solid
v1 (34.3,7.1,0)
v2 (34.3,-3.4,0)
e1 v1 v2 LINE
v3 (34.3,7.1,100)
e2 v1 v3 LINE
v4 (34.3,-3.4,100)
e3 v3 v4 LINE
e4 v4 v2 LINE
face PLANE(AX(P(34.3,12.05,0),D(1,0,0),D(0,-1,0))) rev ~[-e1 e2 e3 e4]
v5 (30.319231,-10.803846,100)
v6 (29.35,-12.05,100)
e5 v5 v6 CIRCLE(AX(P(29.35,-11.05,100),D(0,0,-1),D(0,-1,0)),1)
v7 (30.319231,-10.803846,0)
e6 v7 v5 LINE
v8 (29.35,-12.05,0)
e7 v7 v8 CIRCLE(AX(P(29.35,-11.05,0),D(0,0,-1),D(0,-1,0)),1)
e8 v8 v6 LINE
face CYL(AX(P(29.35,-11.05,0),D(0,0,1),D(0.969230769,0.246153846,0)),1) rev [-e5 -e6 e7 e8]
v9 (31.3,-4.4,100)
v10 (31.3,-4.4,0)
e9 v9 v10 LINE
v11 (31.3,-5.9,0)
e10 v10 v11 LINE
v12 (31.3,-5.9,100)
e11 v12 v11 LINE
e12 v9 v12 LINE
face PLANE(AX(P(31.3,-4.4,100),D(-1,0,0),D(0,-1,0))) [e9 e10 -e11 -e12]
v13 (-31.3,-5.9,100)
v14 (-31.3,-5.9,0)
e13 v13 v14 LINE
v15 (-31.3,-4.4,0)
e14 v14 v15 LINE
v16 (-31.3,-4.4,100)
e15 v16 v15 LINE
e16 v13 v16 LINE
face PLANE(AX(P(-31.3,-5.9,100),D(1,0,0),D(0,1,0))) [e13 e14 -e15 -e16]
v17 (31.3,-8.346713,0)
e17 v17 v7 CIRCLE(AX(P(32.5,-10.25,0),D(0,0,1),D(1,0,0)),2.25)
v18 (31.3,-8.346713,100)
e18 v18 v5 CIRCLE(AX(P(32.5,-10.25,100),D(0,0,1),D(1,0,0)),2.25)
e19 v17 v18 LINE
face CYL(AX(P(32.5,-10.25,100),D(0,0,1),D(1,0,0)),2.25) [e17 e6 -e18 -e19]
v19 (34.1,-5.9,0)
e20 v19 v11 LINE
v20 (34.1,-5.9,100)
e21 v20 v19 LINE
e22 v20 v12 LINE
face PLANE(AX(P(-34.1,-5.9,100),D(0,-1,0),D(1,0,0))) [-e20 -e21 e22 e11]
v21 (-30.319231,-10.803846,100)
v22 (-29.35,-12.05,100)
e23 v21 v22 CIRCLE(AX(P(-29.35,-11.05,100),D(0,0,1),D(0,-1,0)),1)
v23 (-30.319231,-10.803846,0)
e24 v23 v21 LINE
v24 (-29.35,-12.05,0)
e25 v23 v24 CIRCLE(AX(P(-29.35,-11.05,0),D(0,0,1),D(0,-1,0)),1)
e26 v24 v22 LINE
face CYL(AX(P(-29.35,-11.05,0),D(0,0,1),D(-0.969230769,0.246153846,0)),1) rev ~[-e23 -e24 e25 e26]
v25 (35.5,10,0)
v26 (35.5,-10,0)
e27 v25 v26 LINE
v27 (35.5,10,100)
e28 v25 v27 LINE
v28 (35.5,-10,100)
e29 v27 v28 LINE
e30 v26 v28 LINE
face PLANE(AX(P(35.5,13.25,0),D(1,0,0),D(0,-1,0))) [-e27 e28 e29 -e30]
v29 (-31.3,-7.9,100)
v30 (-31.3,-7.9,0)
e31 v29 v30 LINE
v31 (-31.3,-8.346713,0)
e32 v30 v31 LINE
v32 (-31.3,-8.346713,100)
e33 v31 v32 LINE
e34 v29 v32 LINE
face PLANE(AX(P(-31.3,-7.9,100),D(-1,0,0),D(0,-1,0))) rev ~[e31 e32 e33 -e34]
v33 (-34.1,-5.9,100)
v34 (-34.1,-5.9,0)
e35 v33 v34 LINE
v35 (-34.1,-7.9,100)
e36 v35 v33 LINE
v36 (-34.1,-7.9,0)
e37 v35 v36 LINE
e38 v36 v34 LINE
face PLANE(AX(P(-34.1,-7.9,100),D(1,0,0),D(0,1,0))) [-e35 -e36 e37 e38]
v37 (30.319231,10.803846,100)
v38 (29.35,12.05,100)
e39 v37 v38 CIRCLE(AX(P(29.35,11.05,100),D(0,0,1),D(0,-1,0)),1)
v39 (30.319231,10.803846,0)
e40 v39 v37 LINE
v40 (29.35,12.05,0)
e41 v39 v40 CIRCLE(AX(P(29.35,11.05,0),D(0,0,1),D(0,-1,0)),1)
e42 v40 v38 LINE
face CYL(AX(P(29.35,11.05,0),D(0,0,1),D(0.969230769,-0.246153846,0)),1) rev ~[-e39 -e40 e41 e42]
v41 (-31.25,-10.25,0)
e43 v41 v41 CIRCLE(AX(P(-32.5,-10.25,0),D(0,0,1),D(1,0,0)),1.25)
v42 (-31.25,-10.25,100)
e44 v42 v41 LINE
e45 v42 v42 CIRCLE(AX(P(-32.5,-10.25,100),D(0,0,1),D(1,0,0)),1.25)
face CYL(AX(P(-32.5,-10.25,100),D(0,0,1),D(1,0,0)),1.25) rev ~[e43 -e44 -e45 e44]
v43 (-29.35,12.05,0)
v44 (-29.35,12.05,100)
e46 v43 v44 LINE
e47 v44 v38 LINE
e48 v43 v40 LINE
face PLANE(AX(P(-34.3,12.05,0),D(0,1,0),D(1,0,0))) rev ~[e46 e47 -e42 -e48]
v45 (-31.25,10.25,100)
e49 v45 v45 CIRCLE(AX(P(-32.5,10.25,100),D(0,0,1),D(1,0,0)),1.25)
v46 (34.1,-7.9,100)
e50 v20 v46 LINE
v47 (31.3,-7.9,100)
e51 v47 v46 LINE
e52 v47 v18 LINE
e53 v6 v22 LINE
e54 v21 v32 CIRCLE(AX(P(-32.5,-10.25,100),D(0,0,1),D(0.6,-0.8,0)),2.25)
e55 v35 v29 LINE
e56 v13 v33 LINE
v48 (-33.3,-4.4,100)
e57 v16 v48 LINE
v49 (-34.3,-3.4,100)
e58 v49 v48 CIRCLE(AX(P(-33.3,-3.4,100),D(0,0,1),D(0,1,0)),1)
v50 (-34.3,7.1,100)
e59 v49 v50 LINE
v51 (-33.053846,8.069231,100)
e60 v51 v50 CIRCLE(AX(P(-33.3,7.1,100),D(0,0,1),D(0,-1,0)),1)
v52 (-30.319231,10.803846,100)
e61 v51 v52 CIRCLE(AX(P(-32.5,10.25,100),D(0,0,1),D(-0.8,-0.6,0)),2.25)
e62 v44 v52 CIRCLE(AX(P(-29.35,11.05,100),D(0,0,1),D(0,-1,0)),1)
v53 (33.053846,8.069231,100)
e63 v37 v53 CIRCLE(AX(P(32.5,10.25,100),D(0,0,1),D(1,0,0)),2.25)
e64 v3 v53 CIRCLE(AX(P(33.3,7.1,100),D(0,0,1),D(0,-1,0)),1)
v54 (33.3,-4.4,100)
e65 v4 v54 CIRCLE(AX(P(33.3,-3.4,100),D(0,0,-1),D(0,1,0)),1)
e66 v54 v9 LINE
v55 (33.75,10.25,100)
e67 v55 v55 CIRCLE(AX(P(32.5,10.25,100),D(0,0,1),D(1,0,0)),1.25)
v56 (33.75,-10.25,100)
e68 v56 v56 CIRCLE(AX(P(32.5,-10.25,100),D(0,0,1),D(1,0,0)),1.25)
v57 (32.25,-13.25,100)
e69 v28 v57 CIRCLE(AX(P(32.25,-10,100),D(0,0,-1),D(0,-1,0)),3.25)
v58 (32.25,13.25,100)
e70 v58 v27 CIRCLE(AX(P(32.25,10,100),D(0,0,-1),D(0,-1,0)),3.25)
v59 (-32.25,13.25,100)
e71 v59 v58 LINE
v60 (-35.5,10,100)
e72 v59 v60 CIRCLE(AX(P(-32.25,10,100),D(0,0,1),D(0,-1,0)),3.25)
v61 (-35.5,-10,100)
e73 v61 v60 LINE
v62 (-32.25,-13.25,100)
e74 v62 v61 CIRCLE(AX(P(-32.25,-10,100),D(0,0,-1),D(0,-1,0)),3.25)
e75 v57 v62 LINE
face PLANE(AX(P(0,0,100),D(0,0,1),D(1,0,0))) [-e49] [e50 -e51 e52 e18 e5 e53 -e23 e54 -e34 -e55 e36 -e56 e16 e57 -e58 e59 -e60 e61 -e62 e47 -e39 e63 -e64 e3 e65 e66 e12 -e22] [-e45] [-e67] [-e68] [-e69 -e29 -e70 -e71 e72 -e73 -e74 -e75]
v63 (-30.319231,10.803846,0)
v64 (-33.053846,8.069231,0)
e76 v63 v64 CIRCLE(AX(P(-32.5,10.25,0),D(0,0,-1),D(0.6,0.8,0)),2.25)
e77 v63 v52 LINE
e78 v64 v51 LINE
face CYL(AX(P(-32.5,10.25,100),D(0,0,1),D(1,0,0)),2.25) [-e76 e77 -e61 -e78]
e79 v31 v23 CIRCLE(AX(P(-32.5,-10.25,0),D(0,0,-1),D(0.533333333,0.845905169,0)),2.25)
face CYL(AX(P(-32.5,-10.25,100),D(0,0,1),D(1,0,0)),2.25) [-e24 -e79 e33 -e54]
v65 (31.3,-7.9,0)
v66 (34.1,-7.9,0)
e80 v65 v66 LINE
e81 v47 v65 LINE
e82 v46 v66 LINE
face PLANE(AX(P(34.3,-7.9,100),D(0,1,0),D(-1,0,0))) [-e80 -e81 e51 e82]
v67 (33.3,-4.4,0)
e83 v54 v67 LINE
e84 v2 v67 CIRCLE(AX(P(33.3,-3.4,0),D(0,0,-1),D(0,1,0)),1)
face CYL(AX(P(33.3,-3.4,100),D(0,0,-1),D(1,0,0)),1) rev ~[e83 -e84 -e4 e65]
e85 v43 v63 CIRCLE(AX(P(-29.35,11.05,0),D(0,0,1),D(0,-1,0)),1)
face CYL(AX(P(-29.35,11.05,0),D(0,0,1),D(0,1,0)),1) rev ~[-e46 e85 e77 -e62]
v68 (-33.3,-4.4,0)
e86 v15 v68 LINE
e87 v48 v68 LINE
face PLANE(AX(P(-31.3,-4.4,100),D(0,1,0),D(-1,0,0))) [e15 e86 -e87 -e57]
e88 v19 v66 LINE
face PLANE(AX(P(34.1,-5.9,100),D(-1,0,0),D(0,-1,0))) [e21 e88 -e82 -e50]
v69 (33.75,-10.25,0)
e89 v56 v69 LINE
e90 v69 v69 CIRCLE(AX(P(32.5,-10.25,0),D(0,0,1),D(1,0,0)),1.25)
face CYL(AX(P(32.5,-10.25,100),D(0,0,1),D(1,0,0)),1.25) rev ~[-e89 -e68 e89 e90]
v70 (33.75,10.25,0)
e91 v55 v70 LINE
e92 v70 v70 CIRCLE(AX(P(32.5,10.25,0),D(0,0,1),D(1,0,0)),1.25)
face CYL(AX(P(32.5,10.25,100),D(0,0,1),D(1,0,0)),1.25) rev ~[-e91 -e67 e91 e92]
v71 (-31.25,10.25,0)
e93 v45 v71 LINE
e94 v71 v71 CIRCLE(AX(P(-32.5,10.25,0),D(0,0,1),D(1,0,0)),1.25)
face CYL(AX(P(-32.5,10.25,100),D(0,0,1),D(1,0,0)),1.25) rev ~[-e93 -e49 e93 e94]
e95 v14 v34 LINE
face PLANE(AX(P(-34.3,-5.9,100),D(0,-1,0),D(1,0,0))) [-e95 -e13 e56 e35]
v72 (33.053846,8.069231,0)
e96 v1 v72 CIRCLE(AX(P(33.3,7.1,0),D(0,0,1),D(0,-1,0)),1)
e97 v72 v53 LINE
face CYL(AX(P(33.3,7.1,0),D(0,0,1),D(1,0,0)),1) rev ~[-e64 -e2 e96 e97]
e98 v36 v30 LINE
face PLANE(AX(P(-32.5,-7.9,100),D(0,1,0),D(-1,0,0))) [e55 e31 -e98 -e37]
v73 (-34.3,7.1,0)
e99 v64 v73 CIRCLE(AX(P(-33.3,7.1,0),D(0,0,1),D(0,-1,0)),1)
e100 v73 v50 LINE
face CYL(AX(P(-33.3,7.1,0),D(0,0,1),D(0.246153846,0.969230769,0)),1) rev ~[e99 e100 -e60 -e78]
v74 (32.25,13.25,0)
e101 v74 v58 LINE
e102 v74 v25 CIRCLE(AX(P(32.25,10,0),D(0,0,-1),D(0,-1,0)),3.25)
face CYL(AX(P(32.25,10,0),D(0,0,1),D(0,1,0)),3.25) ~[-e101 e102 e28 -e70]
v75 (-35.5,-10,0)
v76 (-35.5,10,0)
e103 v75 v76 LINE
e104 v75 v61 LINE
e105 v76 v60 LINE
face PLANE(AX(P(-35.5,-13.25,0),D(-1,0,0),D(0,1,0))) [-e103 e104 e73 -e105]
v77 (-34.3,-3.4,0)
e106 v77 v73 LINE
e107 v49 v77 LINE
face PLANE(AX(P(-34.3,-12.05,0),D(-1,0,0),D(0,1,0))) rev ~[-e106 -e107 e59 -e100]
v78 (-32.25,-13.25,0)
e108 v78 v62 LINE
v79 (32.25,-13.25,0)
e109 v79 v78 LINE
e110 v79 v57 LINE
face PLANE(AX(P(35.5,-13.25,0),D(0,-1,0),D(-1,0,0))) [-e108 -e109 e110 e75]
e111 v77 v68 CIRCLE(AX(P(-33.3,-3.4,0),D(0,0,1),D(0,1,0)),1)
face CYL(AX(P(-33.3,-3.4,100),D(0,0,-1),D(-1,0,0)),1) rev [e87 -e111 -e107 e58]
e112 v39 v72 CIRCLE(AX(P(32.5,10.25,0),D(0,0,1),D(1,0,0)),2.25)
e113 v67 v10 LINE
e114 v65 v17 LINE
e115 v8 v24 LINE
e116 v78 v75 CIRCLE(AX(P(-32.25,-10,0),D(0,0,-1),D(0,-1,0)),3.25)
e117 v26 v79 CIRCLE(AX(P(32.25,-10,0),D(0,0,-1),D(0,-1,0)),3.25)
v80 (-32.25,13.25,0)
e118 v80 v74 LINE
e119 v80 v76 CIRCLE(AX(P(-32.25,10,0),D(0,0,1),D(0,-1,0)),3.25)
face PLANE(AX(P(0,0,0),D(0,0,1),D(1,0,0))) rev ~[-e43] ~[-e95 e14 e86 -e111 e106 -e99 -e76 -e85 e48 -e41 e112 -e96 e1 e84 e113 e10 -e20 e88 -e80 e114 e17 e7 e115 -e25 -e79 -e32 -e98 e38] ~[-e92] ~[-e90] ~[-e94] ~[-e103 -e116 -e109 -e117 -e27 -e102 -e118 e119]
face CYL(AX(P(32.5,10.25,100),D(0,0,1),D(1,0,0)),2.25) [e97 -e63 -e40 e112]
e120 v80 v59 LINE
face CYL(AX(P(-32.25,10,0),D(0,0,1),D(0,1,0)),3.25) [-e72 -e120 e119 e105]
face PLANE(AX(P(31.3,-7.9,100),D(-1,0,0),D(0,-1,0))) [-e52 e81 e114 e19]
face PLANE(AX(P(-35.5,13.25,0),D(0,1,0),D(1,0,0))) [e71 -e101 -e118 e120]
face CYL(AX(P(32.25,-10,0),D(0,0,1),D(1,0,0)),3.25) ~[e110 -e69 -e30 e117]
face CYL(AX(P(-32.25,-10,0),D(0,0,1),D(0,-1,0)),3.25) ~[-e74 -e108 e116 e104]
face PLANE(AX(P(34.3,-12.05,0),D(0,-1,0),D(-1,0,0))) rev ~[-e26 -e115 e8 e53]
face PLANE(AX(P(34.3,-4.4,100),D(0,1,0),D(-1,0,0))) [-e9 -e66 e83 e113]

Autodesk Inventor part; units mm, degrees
ref_plane "YZ Plane" through (0, 0, 0) normal (1, 0, 0) x (0, 1, 0)
ref_plane "XZ Plane" through (0, 0, 0) normal (0, 1, 0) x (-1, 0, 0)
ref_plane "XY Plane" through (0, 0, 0) normal (0, 0, 1) x (1, 0, 0)
sketch "Sketch1" plane through (0, 0, 0) normal (0, 0, 1) x (1, 0, 0)
  line L0 (-35.5, 13.25) -> (35.5, 13.25)
  line L1 (35.5, 13.25) -> (35.5, -13.25)
  line L2 (35.5, -13.25) -> (-35.5, -13.25)
  line L3 (-35.5, -13.25) -> (-35.5, 13.25)
  line L4 (-34.3, 12.05) -> (34.3, 12.05)
  line L5 (34.3, 12.05) -> (34.3, -12.05)
  line L6 (34.3, -12.05) -> (-34.3, -12.05)
  line L7 (-34.3, -12.05) -> (-34.3, 12.05)
  point P0 (0, 0)
  dimension "d0" = 71
  dimension "d1" = 26.5
  dimension "d2" = 35.5
  dimension "d3" = 13.25
  dimension "d4" = 1.2
  dimension "d5" = 1.2
  dimension "d6" = 1.2
  dimension "d7" = 1.2
extrude "Extrusion1" add sketch "Sketch1" along normal blind 100
fillet "Fillet1" radius 2 4 edges at (-34.3, 12.05, 50) (34.3, 12.05, 50) (34.3, -12.05, 50) (-34.3, -12.05, 50)
fillet "Fillet2" radius 3.25 4 edges at (-35.5, 13.25, 50) (-35.5, -13.25, 50) (35.5, -13.25, 50) (35.5, 13.25, 50)
sketch "Sketch2" plane through (0, 0, 100) normal (0, 0, 1) x (1, 0, 0)
  line L0 (-34.3, -10.05) -> (-34.3, 10.05) projected
  line L1 (-34.3, -7.9) -> (-31.3, -7.9)
  line L2 (-31.3, -7.9) -> (-31.3, -9.4)
  line L3 (-31.3, -9.4) -> (-34.3, -9.4)
  line L4 (-34.3, -9.4) -> (-34.3, -7.9)
  line L5 (34.3, 10.05) -> (34.3, -10.05) projected
  line L6 (34.3, -7.9) -> (31.3, -7.9)
  line L7 (31.3, -7.9) -> (31.3, -9.4)
  line L8 (31.3, -9.4) -> (34.3, -9.4)
  line L9 (34.3, -9.4) -> (34.3, -7.9)
  line L10 (-32.25, -13.25) -> (32.25, -13.25) projected
  line L11 (-34.3, -5.9) -> (-31.3, -5.9)
  line L12 (-31.3, -5.9) -> (-31.3, -4.4)
  line L13 (-31.3, -4.4) -> (-34.3, -4.4)
  line L14 (-34.3, -4.4) -> (-34.3, -5.9)
  line L15 (31.3, -5.9) -> (34.3, -5.9)
  line L16 (34.3, -5.9) -> (34.3, -4.4)
  line L17 (34.3, -4.4) -> (31.3, -4.4)
  line L18 (31.3, -4.4) -> (31.3, -5.9)
  point P0 (0, 0)
  dimension "d12" = 3.85
  dimension "d13" = 1.5
  dimension "d14" = 3
  dimension "d15" = 3
  dimension "d16" = 1.5
  dimension "d17" = 2
extrude "Extrusion2" add sketch "Sketch2" against normal blind 100
fillet "Fillet3" radius 1 4 edges at (-34.3, -4.4, 50) (-34.3, -9.4, 50) (34.3, -9.4, 50) (34.3, -4.4, 50)
sketch "Sketch3" plane through (0, 0, 100) normal (0, 0, 1) x (1, 0, 0)
  line L0 (32.25, 13.25) -> (-32.25, 13.25) projected
  line L1 (-35.5, 10) -> (-35.5, -10) projected
  line L2 (-32.25, -13.25) -> (32.25, -13.25) projected
  line L3 (35.5, -10) -> (35.5, 10) projected
  circle A0 centre (-32.5, 10.25) radius 2.25
  circle A1 centre (-32.5, -10.25) radius 2.25
  circle A2 centre (32.5, -10.25) radius 2.25
  circle A3 centre (32.5, 10.25) radius 2.25
  point P0 (0, 0)
  dimension "d21" = 3
  dimension "d22" = 3
  dimension "d23" = 3
  dimension "d24" = 3
  dimension "d25" = 3
  dimension "d26" = 3
  dimension "d27" = 3
  dimension "d28" = 3
  dimension "d29" = 4.5
  dimension "d30" = 4.5
  dimension "d31" = 4.5
  dimension "d32" = 4.5
extrude "Extrusion3" add sketch "Sketch3" against normal blind 100
sketch "Sketch4" plane through (0, 0, 100) normal (0, 0, 1) x (1, 0, 0)
  arc A0 (-34.3, 8.9) -> (-31.15, 12.05) centre (-32.5, 10.25) ccw projected
  arc A1 (31.15, 12.05) -> (34.3, 8.9) centre (32.5, 10.25) ccw projected
  arc A2 (31.3, -8.3467) -> (31.15, -12.05) centre (32.5, -10.25) ccw projected
  arc A3 (-31.15, -12.05) -> (-31.3, -8.3467) centre (-32.5, -10.25) ccw projected
  circle A4 centre (-32.5, 10.25) radius 1.25
  circle A5 centre (-32.5, -10.25) radius 1.25
  circle A6 centre (32.5, 10.25) radius 1.25
  circle A7 centre (32.5, -10.25) radius 1.25
  point P0 (0, 0)
  dimension "d35" = 2.5
  dimension "d36" = 2.5
  dimension "d37" = 2.5
  dimension "d38" = 2.5
extrude "Extrusion4" cut sketch "Sketch4" against normal blind 100
sketch "Sketch6" plane through (0, 0, 100) normal (0, 0, 1) x (1, 0, 0)
  line L0 (34.3, -5.9) -> (34.3, -7.9) projected
  line L1 (-34.3, -7.9) -> (-34.3, -5.9) projected
  line L2 (-31.3, -7.9) -> (-34.3, -7.9) projected
  line L3 (-31.3, -7.9) -> (-31.5, -7.9)
  line L4 (-31.5, -7.9) -> (-31.5, -9.4)
  line L5 (-31.5, -9.4) -> (-31.3, -9.4)
  line L6 (-31.3, -9.4) -> (-31.3, -7.9)
  line L7 (-31.3, -5.9) -> (-31.3, -4.4) projected
  line L8 (-31.3, -4.4) -> (-31.5, -4.4)
  line L9 (-31.5, -4.4) -> (-31.5, -5.9)
  line L10 (-31.5, -5.9) -> (-31.3, -5.9)
  line L11 (-31.3, -5.9) -> (-31.3, -4.4)
  line L12 (31.3, -4.4) -> (31.5, -4.4)
  line L13 (31.5, -4.4) -> (31.5, -5.9)
  line L14 (31.5, -5.9) -> (31.3, -5.9)
  line L15 (31.3, -5.9) -> (31.3, -4.4)
  line L16 (31.3, -7.9) -> (31.5, -7.9)
  line L17 (31.5, -7.9) -> (31.5, -9.4)
  line L18 (31.5, -9.4) -> (31.3, -9.4)
  line L19 (31.3, -9.4) -> (31.3, -7.9)
  line L20 (-31.3, -5.9) -> (-34.3, -5.9) projected
  line L21 (-34.3, -5.9) -> (-32.5, -5.9)
  line L22 (-32.5, -5.9) -> (-32.5, -7.9)
  line L23 (-32.5, -7.9) -> (-34.3, -7.9)
  line L24 (-34.3, -7.9) -> (-34.3, -5.9)
  line L25 (34.3, -5.9) -> (31.3, -5.9) projected
  line L26 (31.3, -7.9) -> (34.3, -7.9) projected
  line L27 (34.3, -5.9) -> (32.5, -5.9)
  line L28 (32.5, -5.9) -> (32.5, -7.9)
  line L29 (32.5, -7.9) -> (34.3, -7.9)
  line L30 (34.3, -7.9) -> (34.3, -5.9)
  point P0 (0, 0)
  point P1 (32.5, -5.9)
  point P2 (-31.5, -5.9)
  dimension "d46" = 68.6
  dimension "d47" = 65
  dimension "d48" = 1.8
  dimension "d49" = 1.8
  dimension "d50" = 1
  dimension "d51" = 1.5
  dimension "d52" = 1
extrude "Extrusion6" add sketch "Sketch6" against normal blind 100 contours L0 L26 L28 L25 | L1 L20 L22 L2
sketch "Sketch7" plane through (0, 0, 100) normal (0, 0, 1) x (1, 0, 0)
  line L0 (-32.25, -13.25) -> (32.25, -13.25) projected
  line L1 (32.25, 13.25) -> (-32.25, 13.25) projected
  line L2 (35.5, -10) -> (35.5, 10) projected
  line L3 (-35.5, 10) -> (-35.5, -10) projected
  line L4 (-34.1, -5.9) -> (34.1, -5.9)
  line L5 (34.1, -5.9) -> (34.1, -7.9)
  line L6 (34.1, -7.9) -> (-34.1, -7.9)
  line L7 (-34.1, -7.9) -> (-34.1, -5.9)
  line L8 (-32.5, -5.9) -> (-31.3, -5.9) projected
  line L9 (-31.3, -7.9) -> (-32.5, -7.9) projected
  line L10 (-32.5, -7.9) -> (-32.5, -5.9) projected
  line L11 (32.5, -5.9) -> (32.5, -7.9) projected
  point P0 (0, 0)
  point P1 (35.5, 4.9)
  point P2 (-29.5, -6.05)
  point P3 (-29.5, -7.9)
  dimension "d55" = 26.5
  dimension "d56" = 71
  dimension "d57" = 68.2
  dimension "d58" = 1.6
  dimension "d59" = 1.6
extrude "Extrusion7" cut sketch "Sketch7" against normal blind 200
fillet "Fillet4" radius 1 6 edges at (-34.3, 8.9, 50) (-31.15, 12.05, 50) (31.15, 12.05, 50) (34.3, 8.9, 50) (31.15, -12.05, 50) (-31.15, -12.05, 50)
properties part number "case"
